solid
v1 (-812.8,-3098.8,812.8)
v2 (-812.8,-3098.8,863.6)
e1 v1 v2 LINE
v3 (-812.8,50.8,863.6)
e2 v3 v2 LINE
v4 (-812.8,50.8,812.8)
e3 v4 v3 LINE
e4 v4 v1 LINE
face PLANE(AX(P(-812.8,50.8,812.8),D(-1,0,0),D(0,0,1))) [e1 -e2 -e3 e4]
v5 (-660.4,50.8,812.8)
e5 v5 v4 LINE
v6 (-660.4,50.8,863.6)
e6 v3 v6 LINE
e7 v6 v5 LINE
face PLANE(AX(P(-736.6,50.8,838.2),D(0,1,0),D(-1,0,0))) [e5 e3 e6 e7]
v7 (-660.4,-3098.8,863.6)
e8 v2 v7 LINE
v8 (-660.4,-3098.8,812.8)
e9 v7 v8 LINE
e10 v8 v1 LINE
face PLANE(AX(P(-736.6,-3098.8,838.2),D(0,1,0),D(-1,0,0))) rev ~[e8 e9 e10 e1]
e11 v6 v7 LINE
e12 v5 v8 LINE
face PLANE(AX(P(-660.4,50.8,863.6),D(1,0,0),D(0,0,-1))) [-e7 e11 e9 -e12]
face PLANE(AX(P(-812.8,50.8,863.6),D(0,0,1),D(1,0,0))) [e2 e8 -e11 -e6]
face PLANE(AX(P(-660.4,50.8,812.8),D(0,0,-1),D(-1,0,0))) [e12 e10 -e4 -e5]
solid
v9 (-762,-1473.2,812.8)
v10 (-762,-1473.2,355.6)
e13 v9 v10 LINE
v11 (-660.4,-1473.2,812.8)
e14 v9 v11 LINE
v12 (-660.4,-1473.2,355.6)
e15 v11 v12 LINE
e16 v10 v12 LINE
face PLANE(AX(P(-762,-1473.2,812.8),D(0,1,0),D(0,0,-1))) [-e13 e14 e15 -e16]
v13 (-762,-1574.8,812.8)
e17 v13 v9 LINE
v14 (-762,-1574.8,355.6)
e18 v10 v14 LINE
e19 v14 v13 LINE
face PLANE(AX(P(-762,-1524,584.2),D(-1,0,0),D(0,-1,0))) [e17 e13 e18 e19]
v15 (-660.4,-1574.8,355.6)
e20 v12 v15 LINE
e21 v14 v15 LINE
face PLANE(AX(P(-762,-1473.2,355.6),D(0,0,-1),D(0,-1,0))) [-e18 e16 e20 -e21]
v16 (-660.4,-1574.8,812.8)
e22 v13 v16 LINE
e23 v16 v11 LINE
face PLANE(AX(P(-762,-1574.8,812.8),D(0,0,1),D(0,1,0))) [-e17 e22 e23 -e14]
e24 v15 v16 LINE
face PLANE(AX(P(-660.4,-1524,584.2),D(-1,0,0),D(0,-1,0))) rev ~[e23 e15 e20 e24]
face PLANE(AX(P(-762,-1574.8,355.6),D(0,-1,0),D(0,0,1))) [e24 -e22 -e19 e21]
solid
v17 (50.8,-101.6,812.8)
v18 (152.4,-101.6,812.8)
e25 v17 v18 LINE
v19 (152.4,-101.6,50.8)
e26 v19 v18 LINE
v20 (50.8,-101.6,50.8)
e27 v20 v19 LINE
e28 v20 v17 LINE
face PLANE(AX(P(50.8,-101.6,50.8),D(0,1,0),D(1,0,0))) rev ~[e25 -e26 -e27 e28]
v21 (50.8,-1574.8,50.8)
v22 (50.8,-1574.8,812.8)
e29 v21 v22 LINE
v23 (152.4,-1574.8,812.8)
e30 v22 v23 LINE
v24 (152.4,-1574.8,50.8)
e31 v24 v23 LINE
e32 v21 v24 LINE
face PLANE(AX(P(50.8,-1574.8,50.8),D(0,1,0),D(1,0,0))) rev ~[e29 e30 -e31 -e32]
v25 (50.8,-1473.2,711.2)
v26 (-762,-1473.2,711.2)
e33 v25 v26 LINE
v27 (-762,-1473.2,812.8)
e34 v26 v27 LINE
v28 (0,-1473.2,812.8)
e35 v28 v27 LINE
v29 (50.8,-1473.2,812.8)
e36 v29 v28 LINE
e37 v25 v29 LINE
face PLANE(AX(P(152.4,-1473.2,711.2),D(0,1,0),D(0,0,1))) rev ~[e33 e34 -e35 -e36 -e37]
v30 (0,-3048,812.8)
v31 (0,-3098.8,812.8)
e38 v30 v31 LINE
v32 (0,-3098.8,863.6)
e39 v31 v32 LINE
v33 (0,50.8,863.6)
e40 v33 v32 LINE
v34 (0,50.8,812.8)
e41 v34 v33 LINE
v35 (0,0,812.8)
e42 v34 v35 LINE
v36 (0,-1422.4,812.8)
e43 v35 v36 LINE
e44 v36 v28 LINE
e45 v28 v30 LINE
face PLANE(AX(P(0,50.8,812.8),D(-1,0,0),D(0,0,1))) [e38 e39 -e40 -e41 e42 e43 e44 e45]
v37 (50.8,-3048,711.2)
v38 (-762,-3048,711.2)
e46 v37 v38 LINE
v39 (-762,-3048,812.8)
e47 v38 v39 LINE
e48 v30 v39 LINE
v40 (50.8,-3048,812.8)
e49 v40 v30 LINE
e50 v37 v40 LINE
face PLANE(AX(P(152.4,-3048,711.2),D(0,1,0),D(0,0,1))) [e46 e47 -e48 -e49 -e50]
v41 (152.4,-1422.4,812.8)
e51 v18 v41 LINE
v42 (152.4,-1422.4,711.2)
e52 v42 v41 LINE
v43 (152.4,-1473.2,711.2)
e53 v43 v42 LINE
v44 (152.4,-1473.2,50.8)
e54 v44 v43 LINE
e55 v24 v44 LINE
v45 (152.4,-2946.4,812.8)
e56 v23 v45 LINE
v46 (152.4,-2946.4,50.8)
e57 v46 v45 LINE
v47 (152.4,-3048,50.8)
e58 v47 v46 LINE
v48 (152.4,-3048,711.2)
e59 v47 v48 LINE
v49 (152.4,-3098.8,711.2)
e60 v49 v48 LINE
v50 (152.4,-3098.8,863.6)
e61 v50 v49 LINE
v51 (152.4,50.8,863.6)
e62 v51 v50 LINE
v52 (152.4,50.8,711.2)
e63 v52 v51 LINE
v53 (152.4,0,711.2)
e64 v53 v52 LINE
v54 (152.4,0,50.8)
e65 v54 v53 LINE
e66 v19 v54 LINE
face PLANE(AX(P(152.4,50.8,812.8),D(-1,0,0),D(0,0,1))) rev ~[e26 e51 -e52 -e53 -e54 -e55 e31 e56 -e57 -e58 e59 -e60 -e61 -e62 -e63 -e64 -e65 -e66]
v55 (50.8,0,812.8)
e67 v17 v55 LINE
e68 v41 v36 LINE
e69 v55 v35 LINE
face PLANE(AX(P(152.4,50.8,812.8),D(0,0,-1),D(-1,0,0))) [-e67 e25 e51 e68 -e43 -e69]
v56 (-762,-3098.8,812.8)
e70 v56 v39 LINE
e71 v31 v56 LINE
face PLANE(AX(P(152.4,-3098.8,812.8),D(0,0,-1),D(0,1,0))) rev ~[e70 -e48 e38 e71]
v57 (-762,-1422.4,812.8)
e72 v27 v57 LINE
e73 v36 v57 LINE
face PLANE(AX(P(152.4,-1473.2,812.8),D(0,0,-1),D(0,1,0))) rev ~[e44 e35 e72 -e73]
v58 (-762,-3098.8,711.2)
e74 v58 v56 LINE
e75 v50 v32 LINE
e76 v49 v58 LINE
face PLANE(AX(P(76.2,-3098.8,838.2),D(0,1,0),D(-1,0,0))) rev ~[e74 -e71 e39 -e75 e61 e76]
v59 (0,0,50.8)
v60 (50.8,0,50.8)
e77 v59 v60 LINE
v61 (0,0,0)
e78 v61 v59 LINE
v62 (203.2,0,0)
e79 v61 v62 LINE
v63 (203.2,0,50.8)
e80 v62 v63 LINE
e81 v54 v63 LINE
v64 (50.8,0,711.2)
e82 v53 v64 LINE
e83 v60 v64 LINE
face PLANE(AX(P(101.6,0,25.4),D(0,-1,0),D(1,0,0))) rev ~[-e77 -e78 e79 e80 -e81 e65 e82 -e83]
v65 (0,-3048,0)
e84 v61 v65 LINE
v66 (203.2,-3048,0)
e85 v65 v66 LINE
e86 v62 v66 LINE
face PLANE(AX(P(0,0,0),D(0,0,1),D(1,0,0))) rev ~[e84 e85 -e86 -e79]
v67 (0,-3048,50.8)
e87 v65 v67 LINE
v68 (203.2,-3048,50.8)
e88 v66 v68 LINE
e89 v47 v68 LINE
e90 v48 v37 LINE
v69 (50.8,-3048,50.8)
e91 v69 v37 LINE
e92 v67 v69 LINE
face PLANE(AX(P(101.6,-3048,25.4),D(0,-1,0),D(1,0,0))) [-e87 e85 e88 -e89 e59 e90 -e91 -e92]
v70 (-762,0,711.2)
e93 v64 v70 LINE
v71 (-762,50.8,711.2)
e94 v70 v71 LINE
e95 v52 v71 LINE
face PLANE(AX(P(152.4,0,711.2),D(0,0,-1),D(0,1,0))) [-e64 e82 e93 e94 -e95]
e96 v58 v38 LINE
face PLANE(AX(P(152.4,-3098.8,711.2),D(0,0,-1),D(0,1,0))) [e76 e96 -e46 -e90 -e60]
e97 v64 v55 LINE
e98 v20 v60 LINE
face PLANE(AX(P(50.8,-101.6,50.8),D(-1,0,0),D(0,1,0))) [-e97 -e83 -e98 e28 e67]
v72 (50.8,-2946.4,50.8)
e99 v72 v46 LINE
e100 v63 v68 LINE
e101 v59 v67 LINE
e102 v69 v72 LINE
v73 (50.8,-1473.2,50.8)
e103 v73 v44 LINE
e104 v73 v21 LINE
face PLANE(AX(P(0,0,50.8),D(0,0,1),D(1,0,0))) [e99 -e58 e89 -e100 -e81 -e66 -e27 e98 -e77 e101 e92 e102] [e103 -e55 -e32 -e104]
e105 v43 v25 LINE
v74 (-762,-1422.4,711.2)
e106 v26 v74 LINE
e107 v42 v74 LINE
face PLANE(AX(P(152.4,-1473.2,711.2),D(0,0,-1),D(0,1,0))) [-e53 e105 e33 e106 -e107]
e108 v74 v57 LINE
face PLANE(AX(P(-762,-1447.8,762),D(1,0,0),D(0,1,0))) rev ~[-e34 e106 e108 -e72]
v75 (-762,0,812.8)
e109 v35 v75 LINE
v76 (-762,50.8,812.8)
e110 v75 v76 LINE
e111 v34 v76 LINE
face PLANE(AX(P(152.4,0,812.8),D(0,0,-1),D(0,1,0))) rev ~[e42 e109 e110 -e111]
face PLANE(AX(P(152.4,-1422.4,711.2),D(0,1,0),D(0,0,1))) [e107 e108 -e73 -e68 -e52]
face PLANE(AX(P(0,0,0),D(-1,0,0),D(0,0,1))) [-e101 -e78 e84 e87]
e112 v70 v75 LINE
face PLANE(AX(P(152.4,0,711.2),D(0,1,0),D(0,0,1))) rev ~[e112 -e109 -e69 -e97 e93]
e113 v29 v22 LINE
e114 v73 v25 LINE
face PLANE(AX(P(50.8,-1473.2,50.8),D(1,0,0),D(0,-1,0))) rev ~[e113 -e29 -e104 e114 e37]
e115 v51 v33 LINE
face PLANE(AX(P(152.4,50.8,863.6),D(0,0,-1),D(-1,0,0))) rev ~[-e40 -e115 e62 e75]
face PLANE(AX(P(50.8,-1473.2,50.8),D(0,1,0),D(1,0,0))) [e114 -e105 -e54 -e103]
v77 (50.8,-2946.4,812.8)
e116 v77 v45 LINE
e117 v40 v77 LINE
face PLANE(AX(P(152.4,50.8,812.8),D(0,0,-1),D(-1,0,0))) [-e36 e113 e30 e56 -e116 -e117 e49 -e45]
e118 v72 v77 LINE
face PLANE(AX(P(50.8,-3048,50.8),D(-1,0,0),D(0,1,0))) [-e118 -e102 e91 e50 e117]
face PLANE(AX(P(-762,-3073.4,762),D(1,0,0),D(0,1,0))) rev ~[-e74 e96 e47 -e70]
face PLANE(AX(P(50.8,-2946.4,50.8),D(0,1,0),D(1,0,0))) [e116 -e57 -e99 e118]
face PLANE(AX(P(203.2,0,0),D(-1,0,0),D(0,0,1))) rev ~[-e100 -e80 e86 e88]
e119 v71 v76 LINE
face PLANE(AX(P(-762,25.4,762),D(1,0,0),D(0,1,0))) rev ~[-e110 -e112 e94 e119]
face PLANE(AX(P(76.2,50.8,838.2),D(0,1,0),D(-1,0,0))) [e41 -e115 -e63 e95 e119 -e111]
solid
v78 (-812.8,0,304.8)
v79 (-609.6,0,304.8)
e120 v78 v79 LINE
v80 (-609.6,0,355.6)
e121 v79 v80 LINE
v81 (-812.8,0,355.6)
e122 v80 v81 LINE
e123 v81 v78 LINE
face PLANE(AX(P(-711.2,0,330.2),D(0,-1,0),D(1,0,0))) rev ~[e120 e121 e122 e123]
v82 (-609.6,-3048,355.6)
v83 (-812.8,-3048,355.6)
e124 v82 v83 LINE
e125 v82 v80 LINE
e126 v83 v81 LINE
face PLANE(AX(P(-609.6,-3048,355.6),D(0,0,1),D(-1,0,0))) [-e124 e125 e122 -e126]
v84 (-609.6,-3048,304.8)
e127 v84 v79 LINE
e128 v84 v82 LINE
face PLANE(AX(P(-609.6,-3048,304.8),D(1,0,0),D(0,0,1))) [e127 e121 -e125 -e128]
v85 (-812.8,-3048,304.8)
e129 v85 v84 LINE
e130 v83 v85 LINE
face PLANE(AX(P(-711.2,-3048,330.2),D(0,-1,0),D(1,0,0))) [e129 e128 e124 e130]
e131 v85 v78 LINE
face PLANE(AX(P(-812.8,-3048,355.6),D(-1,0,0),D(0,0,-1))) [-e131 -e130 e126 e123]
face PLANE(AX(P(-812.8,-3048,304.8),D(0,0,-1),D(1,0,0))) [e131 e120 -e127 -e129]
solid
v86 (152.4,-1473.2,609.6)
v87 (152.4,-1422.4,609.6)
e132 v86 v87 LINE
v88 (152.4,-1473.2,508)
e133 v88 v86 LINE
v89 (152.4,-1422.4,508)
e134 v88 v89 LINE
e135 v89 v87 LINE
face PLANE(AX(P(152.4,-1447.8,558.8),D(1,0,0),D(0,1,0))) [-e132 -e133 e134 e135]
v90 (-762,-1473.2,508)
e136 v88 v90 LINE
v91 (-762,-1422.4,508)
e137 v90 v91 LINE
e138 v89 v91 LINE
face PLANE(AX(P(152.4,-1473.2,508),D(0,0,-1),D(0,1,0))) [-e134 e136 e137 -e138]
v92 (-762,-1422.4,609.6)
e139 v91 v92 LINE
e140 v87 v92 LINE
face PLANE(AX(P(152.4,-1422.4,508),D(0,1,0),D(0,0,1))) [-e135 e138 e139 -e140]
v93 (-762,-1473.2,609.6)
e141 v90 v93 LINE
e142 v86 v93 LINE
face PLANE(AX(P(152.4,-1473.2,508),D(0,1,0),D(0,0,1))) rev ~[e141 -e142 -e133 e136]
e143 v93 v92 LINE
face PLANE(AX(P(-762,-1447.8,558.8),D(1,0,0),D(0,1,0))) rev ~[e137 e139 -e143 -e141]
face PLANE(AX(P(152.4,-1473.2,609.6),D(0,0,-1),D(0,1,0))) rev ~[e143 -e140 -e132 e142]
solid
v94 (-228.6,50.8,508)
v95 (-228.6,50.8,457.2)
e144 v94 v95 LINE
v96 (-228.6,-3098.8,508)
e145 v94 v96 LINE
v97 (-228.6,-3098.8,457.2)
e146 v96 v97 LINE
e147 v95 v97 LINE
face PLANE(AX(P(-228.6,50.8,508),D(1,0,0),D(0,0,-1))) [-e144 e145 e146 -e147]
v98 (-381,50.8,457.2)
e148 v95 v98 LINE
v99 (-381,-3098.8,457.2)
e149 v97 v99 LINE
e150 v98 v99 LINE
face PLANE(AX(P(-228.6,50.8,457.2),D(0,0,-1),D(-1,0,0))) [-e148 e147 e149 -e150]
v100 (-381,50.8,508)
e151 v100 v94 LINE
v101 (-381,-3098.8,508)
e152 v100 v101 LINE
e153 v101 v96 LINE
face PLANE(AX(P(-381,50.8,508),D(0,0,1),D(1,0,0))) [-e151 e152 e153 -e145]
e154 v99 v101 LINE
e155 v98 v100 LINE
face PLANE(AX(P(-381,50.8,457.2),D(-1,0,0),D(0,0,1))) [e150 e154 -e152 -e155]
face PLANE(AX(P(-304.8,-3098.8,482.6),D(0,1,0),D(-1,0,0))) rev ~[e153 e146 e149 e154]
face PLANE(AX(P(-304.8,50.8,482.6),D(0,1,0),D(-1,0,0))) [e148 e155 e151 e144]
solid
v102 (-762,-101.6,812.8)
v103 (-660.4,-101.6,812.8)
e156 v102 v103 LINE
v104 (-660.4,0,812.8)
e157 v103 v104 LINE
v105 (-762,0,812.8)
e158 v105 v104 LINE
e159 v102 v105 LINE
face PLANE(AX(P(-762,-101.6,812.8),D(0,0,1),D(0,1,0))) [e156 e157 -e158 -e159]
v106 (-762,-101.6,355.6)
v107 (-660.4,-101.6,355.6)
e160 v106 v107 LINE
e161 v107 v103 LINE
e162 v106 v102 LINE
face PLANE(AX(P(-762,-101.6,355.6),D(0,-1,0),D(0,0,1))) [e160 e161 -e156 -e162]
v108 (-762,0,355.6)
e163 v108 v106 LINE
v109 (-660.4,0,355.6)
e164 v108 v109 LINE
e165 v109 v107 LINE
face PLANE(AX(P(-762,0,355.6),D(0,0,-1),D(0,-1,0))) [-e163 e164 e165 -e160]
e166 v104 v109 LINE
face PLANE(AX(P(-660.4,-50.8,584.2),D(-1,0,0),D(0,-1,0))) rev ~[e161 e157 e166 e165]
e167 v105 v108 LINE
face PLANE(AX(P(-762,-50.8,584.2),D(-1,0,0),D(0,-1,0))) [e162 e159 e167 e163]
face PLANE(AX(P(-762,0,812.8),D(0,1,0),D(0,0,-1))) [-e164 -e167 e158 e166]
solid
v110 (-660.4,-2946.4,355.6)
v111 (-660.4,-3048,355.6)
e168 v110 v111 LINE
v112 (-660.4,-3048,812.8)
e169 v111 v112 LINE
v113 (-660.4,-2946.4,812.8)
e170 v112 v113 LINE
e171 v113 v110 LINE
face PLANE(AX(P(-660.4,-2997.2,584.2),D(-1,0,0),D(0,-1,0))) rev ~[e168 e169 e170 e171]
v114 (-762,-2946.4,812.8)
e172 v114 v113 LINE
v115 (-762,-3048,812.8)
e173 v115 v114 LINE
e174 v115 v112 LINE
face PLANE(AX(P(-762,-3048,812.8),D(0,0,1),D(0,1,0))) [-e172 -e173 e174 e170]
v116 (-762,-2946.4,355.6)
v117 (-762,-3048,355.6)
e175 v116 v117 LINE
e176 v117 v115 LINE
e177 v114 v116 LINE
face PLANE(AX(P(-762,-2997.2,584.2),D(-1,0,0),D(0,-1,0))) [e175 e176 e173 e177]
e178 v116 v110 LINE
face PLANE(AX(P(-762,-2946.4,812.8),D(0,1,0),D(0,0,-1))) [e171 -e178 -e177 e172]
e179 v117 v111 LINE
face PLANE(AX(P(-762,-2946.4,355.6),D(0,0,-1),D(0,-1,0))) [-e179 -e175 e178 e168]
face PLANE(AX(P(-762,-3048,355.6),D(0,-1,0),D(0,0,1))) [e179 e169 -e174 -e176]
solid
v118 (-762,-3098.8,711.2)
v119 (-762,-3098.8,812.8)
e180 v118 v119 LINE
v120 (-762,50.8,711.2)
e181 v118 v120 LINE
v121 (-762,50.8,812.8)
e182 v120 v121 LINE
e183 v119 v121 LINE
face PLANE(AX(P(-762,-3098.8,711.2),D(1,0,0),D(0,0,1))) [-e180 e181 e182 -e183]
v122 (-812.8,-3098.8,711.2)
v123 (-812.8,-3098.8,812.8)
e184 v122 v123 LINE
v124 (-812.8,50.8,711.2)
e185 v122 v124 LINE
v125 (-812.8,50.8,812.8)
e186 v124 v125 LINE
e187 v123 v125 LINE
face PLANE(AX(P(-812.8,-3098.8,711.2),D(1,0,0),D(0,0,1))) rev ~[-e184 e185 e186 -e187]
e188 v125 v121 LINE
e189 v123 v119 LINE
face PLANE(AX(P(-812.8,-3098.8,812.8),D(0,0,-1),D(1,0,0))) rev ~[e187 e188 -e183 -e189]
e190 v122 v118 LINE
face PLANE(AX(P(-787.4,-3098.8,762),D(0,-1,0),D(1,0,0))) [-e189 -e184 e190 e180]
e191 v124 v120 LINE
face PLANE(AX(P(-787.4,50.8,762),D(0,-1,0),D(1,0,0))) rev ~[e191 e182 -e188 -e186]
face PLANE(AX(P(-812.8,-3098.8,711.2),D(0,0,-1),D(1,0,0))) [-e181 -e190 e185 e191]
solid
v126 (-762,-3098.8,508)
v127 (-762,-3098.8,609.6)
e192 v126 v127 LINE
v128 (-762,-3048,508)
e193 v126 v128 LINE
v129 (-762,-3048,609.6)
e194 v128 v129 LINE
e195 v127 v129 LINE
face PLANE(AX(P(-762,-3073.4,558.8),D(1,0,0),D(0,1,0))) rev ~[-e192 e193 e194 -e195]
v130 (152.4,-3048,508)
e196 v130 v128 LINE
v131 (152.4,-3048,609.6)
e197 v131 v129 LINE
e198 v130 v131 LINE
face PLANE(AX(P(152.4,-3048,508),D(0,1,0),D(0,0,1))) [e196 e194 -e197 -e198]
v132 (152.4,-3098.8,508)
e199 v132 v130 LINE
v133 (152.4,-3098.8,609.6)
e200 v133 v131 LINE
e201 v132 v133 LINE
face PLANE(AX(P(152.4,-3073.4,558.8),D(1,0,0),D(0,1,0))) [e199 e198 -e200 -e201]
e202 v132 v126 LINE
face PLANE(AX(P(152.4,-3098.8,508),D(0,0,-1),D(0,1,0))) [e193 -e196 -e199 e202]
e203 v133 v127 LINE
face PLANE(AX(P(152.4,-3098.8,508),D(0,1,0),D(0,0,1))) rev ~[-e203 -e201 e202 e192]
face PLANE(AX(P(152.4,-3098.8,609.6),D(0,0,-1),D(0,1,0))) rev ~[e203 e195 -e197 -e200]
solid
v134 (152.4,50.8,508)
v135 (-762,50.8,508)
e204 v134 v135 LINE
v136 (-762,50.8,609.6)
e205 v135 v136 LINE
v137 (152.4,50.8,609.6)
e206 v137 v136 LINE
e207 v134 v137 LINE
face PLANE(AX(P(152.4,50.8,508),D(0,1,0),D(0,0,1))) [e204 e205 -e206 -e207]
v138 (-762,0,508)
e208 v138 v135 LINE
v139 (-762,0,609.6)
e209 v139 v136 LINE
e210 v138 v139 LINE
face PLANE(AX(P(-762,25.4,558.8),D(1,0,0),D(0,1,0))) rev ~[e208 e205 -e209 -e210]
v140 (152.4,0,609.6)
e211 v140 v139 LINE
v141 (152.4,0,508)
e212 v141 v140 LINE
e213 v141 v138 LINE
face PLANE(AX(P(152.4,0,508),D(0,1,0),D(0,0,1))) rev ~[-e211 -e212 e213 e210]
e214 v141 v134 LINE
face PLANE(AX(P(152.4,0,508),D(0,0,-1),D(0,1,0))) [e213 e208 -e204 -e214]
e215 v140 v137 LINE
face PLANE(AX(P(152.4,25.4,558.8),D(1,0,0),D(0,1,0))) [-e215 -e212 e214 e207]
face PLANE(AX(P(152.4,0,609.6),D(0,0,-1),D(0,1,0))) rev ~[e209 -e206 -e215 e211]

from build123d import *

# Parameters (mm, degrees)
F0_W      = 203.2
F0_H      = 50.8
F1_DEPTH  = 3048
F2_W      = 101.6
F2_H      = 101.6
F2_H_2    = 50.8
F3_DEPTH  = 762
F4_W      = 50.8
F4_H      = 101.6
F5_DEPTH  = 914.4
F6_W      = 50.8
F6_H      = 101.6
F7_DEPTH  = 914.4
F8_W      = 50.8
F8_H      = 101.6
F9_DEPTH  = 914.4
F13_DEPTH = 101.6
F14_W     = 50.8
F14_H     = 101.6
F15_DEPTH = 3149.6
F17_DEPTH = 3048
F18_W     = 50.8
F18_H     = 101.6
F19_DEPTH = 914.4
F20_W     = 50.8
F20_H     = 101.6
F21_DEPTH = 914.4
F22_W     = 50.8
F22_H     = 101.6
F23_DEPTH = 914.4
F24_W     = 152.4
F24_H     = 50.8
F25_DEPTH = 3149.6
F27_DEPTH = 3149.6
F29_DEPTH = 3149.6


with BuildPart() as f1:
    # F0 (on Front) → F1 (new body)
    with BuildSketch(Plane.XZ):
        with Locations((101.6, 25.4)):
            Rectangle(F0_W, F0_H)
    extrude(amount=F1_DEPTH)

    # F2 (on face) → F3 (join)
    with BuildSketch(Plane.XY.offset(50.8)):
        with Locations((101.6, -2997.2)):
            Rectangle(F2_W, F2_H)
        with Locations((101.6, -1549.4)):
            Rectangle(F2_W, F2_H_2)
        with Locations((101.6, -1498.6)):
            Rectangle(F2_W, F2_H_2)
        with Locations((101.6, -50.8)):
            Rectangle(F2_W, F2_H)
    extrude(amount=F3_DEPTH)

    # F4 (on face) → F5 (join)
    with BuildSketch(Plane.YZ.offset(152.4)):
        with Locations((25.4, 762)):
            Rectangle(F4_W, F4_H)
    extrude(amount=-F5_DEPTH)

    # F6 (on face) → F7 (join)
    with BuildSketch(Plane.YZ.offset(152.4)):
        with Locations((-3073.4, 762)):
            Rectangle(F6_W, F6_H)
    extrude(amount=-F7_DEPTH)

    # F8 (on face) → F9 (join)
    with BuildSketch(Plane.YZ.offset(152.4)):
        with Locations((-1447.8, 762)):
            Rectangle(F8_W, F8_H)
    extrude(amount=-F9_DEPTH)

    # F24 (on face) → F25 (join)
    with BuildSketch(Plane(origin=(0, 50.8, 0), x_dir=(-1, 0, 0), z_dir=(0, 1, 0))):
        with Locations((-76.2, 838.2)):
            Rectangle(F24_W, F24_H)
    extrude(amount=-F25_DEPTH)


with BuildPart() as f13:
    # F10 (on face) + F12 (on face) + F11 (on face) → F13 (new body)
    with BuildSketch(Plane(origin=(-762, 0, 0), x_dir=(0, -1, 0), z_dir=(-1, 0, 0))):
        Polygon((3048, 711.2), (3048, 812.8), (2946.4, 812.8), (2946.4, 355.6), (3048, 355.6), align=None)
    with BuildSketch(Plane(origin=(-762, 0, 0), x_dir=(0, -1, 0), z_dir=(-1, 0, 0))):
        Polygon((1574.8, 812.8), (1473.2, 812.8), (1473.2, 711.2), (1473.2, 355.6), (1574.8, 355.6), align=None)
    with BuildSketch(Plane(origin=(-762, 0, 0), x_dir=(0, -1, 0), z_dir=(-1, 0, 0))):
        Polygon((101.6, 812.8), (0, 812.8), (0, 711.2), (0, 355.6), (101.6, 355.6), align=None)
    extrude(amount=-F13_DEPTH)


with BuildPart() as f15:
    # F14 (on face) → F15 (new body)
    with BuildSketch(Plane.XZ.offset(3098.8)):
        with Locations((-787.4, 762)):
            Rectangle(F14_W, F14_H)
    extrude(amount=-F15_DEPTH)


with BuildPart() as f17:
    # F16 (on face) → F17 (new body)
    with BuildSketch(Plane.XZ.offset(3048)):
        Polygon((-609.6, 355.6), (-660.4, 355.6), (-762, 355.6), (-812.8, 355.6), (-812.8, 304.8), (-609.6, 304.8), align=None)
    extrude(amount=-F17_DEPTH)


with BuildPart() as f19:
    # F18 (on face) → F19 (new body)
    with BuildSketch(Plane.YZ.offset(152.4)):
        with Locations((25.4, 558.8)):
            Rectangle(F18_W, F18_H)
    extrude(amount=-F19_DEPTH)


with BuildPart() as f21:
    # F20 (on face) → F21 (new body)
    with BuildSketch(Plane.YZ.offset(152.4)):
        with Locations((-1447.8, 558.8)):
            Rectangle(F20_W, F20_H)
    extrude(amount=-F21_DEPTH)


with BuildPart() as f23:
    # F22 (on face) → F23 (new body)
    with BuildSketch(Plane.YZ.offset(152.4)):
        with Locations((-3073.4, 558.8)):
            Rectangle(F22_W, F22_H)
    extrude(amount=-F23_DEPTH)


with BuildPart() as f27:
    # F26 (on face) → F27 (new body)
    with BuildSketch(Plane(origin=(0, 50.8, 0), x_dir=(-1, 0, 0), z_dir=(0, 1, 0))):
        Polygon((762, 812.8), (812.8, 812.8), (812.8, 863.6), (660.4, 863.6), (660.4, 812.8), align=None)
    extrude(amount=-F27_DEPTH)


with BuildPart() as f29:
    # F28 (on face) → F29 (new body)
    with BuildSketch(Plane(origin=(0, 50.8, 0), x_dir=(-1, 0, 0), z_dir=(0, 1, 0))):
        Polygon((304.8, 508), (228.6, 508), (228.6, 457.2), (381, 457.2), (381, 508), align=None)
    extrude(amount=-F29_DEPTH)


solid = Compound([f1.part, f13.part, f15.part, f17.part, f19.part, f21.part, f23.part, f27.part, f29.part])
